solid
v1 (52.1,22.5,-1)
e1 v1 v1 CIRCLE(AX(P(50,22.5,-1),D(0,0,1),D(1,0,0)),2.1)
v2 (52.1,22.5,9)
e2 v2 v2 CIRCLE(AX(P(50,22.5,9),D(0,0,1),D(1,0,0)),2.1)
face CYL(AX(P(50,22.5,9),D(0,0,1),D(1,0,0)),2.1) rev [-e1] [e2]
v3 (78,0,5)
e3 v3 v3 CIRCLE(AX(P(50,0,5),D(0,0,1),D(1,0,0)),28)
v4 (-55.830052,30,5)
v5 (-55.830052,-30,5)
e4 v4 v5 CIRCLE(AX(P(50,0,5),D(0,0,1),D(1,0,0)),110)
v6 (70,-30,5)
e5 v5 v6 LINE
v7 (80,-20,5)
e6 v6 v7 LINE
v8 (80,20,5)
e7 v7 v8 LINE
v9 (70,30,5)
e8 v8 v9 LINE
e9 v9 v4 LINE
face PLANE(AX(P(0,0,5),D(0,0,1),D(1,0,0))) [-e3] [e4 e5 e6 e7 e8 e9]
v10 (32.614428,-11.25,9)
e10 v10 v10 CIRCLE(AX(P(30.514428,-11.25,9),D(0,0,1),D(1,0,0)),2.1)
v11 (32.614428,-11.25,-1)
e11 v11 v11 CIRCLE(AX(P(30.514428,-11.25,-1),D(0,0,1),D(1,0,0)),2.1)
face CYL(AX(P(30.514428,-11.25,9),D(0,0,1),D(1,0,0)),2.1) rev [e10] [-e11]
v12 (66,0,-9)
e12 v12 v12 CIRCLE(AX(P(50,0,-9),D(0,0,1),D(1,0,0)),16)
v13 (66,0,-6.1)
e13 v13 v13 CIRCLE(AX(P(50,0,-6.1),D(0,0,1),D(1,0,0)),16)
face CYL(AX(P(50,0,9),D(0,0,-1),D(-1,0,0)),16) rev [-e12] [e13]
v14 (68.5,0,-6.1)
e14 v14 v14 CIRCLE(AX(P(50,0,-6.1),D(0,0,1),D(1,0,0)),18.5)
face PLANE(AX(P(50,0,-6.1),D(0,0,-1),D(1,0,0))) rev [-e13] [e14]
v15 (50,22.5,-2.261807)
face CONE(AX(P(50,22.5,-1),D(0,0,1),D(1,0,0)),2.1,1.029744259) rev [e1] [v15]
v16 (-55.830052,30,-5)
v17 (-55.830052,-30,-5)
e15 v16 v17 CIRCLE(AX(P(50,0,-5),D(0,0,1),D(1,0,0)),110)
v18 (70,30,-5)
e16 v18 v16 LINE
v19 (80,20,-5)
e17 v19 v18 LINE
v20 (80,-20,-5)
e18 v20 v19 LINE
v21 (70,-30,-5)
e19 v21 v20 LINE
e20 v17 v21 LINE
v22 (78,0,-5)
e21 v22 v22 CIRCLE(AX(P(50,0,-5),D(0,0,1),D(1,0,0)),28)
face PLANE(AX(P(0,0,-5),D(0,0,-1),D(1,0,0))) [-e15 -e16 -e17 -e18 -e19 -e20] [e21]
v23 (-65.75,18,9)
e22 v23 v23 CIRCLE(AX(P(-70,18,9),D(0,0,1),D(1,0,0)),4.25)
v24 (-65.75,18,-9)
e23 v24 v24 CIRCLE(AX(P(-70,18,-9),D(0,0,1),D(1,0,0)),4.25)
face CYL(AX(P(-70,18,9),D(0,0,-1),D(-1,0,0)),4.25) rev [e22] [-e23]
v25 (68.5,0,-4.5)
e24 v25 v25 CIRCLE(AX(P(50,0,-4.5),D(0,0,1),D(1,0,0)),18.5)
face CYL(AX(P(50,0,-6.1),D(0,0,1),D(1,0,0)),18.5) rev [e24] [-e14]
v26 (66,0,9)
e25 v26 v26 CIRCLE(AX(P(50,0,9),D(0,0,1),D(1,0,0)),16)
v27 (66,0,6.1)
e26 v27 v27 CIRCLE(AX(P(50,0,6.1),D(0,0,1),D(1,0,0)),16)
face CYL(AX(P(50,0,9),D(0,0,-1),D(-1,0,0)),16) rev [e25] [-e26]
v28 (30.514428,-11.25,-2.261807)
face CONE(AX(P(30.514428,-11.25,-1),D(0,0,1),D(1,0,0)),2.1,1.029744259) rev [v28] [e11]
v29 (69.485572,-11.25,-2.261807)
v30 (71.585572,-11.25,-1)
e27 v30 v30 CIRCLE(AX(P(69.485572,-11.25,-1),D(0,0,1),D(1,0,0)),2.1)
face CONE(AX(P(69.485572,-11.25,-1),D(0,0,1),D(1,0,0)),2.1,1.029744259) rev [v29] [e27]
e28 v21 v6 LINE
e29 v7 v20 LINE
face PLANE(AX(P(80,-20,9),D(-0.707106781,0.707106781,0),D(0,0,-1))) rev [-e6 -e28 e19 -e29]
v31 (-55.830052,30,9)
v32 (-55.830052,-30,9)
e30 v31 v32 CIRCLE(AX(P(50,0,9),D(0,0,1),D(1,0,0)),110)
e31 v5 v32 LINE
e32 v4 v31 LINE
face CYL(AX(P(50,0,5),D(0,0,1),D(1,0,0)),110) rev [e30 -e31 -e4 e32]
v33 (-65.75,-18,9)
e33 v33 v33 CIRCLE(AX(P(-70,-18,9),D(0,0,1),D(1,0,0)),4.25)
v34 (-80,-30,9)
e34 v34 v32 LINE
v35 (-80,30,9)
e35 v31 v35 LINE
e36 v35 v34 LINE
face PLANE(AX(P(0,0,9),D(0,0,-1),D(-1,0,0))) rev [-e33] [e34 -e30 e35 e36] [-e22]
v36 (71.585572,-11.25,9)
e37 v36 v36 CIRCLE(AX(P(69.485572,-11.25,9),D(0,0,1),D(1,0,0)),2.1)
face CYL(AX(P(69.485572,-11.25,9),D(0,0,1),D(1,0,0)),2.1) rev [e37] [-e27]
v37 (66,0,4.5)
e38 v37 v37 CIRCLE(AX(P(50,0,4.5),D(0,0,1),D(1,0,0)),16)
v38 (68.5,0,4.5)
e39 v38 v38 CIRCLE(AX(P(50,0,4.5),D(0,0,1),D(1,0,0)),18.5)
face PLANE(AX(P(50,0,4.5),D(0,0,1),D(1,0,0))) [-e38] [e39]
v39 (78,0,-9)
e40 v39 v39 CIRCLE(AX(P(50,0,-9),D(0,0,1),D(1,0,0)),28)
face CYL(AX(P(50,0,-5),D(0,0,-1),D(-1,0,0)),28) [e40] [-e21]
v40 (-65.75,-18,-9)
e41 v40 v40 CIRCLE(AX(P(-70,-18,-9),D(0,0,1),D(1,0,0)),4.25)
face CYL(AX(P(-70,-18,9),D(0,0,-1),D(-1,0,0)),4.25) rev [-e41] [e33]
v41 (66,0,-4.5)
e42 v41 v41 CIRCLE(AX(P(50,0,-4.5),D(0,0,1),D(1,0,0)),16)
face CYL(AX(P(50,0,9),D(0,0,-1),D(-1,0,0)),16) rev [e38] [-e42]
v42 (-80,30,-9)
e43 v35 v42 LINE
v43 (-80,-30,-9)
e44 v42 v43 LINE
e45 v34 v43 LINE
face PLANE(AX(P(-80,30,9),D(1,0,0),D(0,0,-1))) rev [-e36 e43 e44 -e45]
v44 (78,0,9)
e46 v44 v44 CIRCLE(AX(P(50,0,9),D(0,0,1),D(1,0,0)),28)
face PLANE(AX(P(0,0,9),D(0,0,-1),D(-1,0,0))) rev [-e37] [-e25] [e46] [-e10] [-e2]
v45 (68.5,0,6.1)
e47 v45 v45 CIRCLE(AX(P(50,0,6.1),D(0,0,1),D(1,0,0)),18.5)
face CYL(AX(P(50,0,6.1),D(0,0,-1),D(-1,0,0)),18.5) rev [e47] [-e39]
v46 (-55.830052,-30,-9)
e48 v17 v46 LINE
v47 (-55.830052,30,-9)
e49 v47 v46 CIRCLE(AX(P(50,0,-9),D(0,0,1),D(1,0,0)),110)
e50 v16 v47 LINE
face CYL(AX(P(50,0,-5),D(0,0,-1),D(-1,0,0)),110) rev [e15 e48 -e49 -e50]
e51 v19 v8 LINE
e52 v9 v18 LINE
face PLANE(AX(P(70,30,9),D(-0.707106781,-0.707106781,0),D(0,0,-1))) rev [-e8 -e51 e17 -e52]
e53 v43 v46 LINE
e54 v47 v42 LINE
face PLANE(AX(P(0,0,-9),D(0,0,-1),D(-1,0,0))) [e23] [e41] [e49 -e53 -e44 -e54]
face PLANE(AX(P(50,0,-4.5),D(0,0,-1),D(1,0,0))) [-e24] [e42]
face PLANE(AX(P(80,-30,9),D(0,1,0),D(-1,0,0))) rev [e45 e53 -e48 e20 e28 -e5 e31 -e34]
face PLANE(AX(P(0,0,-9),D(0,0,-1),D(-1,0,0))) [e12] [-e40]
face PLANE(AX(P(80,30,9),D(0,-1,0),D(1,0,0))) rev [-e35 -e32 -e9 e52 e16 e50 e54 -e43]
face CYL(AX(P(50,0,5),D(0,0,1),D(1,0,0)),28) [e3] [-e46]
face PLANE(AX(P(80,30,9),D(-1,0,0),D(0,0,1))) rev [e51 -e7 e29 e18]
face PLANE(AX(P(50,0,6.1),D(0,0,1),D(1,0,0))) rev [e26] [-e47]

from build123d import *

# Parameters (mm, degrees)
SKETCH1_W           = 160
SKETCH1_H           = 60
SKETCH1_R           = 4.25
SKETCH1_R_2         = 16
BOSS_EXTRUDE1_DEPTH = 9
CIRPATTERN2_COUNT   = 3
CHAMFER1_SIZE       = 10
SKETCH5_R           = 18.5
SKETCH5_R_2         = 16
CUT_EXTRUDE2_DEPTH  = 1.6
SKETCH4_R           = 28
CUT_EXTRUDE1_DEPTH  = 4


with BuildPart() as part:
    # Sketch1 → Boss-Extrude1 (new body, symmetric)
    with BuildSketch(Plane.XY):
        Rectangle(SKETCH1_W, SKETCH1_H)
        with Locations((-70, 18)):
            Circle(SKETCH1_R, mode=Mode.SUBTRACT)
        with Locations((-70, -18)):
            Circle(SKETCH1_R, mode=Mode.SUBTRACT)
        with Locations((50, 0)):
            Circle(SKETCH1_R_2, mode=Mode.SUBTRACT)
    extrude(amount=BOSS_EXTRUDE1_DEPTH, both=True)

    # Sketch3 → M5 Tapped Hole1 (revolve, cut)
    with BuildSketch(Plane(origin=(50, 22.5, 9), x_dir=(0, -1, 0), z_dir=(1, 0, 0))):
        Polygon((0, 0), (0, 11.2618073), (2.1, 10), (2.1, 0), align=None)
    m5_tapped_hole1 = revolve(axis=Axis((50, 22.5, 15.35), (0, 0, -1)), mode=Mode.SUBTRACT)

    # CirPattern2: M5 Tapped Hole1 ×3 about axis
    cirpattern2_axis = Axis((50, 0, 0), (0, 0, 1))
    for i in range(1, CIRPATTERN2_COUNT):
        add(m5_tapped_hole1.rotate(cirpattern2_axis, i * 360 / CIRPATTERN2_COUNT), mode=Mode.SUBTRACT)

    # Chamfer1
    chamfer1_edges = [part.edges().sort_by_distance(p)[0] for p in [
        (80, 30, 0),
        (80, -30, 0),
    ]]
    chamfer(chamfer1_edges, length=CHAMFER1_SIZE)

    # Sketch5 → Cut-Extrude2 (cut)
    with BuildSketch(Plane.XY.offset(4.5)):
        with Locations((50, 0)):
            Circle(SKETCH5_R)
        with Locations((50, 0)):
            Circle(SKETCH5_R_2, mode=Mode.SUBTRACT)
    cut_extrude2 = extrude(amount=CUT_EXTRUDE2_DEPTH, mode=Mode.SUBTRACT)

    # Mirror2: Cut-Extrude2 across plane
    add(cut_extrude2.mirror(Plane.XY), mode=Mode.SUBTRACT)

    # Sketch4 → Cut-Extrude1 (cut)
    with BuildSketch(Plane.XY.offset(9)):
        with BuildLine():
            ThreePointArc((-55.830052443, 30), (-60, 0), (-55.830052443, -30))
            Line((-55.830052443, -30), (70, -30))
            Line((70, -30), (80, -20))
            Line((80, -20), (80, 20))
            Line((80, 20), (70, 30))
            Line((70, 30), (-55.830052443, 30))
        make_face()
        with Locations((50, 0)):
            Circle(SKETCH4_R, mode=Mode.SUBTRACT)
    cut_extrude1 = extrude(amount=-CUT_EXTRUDE1_DEPTH, mode=Mode.SUBTRACT)

    # Mirror1: Cut-Extrude1 across plane
    add(cut_extrude1.mirror(Plane.XY), mode=Mode.SUBTRACT)


solid = part.part
